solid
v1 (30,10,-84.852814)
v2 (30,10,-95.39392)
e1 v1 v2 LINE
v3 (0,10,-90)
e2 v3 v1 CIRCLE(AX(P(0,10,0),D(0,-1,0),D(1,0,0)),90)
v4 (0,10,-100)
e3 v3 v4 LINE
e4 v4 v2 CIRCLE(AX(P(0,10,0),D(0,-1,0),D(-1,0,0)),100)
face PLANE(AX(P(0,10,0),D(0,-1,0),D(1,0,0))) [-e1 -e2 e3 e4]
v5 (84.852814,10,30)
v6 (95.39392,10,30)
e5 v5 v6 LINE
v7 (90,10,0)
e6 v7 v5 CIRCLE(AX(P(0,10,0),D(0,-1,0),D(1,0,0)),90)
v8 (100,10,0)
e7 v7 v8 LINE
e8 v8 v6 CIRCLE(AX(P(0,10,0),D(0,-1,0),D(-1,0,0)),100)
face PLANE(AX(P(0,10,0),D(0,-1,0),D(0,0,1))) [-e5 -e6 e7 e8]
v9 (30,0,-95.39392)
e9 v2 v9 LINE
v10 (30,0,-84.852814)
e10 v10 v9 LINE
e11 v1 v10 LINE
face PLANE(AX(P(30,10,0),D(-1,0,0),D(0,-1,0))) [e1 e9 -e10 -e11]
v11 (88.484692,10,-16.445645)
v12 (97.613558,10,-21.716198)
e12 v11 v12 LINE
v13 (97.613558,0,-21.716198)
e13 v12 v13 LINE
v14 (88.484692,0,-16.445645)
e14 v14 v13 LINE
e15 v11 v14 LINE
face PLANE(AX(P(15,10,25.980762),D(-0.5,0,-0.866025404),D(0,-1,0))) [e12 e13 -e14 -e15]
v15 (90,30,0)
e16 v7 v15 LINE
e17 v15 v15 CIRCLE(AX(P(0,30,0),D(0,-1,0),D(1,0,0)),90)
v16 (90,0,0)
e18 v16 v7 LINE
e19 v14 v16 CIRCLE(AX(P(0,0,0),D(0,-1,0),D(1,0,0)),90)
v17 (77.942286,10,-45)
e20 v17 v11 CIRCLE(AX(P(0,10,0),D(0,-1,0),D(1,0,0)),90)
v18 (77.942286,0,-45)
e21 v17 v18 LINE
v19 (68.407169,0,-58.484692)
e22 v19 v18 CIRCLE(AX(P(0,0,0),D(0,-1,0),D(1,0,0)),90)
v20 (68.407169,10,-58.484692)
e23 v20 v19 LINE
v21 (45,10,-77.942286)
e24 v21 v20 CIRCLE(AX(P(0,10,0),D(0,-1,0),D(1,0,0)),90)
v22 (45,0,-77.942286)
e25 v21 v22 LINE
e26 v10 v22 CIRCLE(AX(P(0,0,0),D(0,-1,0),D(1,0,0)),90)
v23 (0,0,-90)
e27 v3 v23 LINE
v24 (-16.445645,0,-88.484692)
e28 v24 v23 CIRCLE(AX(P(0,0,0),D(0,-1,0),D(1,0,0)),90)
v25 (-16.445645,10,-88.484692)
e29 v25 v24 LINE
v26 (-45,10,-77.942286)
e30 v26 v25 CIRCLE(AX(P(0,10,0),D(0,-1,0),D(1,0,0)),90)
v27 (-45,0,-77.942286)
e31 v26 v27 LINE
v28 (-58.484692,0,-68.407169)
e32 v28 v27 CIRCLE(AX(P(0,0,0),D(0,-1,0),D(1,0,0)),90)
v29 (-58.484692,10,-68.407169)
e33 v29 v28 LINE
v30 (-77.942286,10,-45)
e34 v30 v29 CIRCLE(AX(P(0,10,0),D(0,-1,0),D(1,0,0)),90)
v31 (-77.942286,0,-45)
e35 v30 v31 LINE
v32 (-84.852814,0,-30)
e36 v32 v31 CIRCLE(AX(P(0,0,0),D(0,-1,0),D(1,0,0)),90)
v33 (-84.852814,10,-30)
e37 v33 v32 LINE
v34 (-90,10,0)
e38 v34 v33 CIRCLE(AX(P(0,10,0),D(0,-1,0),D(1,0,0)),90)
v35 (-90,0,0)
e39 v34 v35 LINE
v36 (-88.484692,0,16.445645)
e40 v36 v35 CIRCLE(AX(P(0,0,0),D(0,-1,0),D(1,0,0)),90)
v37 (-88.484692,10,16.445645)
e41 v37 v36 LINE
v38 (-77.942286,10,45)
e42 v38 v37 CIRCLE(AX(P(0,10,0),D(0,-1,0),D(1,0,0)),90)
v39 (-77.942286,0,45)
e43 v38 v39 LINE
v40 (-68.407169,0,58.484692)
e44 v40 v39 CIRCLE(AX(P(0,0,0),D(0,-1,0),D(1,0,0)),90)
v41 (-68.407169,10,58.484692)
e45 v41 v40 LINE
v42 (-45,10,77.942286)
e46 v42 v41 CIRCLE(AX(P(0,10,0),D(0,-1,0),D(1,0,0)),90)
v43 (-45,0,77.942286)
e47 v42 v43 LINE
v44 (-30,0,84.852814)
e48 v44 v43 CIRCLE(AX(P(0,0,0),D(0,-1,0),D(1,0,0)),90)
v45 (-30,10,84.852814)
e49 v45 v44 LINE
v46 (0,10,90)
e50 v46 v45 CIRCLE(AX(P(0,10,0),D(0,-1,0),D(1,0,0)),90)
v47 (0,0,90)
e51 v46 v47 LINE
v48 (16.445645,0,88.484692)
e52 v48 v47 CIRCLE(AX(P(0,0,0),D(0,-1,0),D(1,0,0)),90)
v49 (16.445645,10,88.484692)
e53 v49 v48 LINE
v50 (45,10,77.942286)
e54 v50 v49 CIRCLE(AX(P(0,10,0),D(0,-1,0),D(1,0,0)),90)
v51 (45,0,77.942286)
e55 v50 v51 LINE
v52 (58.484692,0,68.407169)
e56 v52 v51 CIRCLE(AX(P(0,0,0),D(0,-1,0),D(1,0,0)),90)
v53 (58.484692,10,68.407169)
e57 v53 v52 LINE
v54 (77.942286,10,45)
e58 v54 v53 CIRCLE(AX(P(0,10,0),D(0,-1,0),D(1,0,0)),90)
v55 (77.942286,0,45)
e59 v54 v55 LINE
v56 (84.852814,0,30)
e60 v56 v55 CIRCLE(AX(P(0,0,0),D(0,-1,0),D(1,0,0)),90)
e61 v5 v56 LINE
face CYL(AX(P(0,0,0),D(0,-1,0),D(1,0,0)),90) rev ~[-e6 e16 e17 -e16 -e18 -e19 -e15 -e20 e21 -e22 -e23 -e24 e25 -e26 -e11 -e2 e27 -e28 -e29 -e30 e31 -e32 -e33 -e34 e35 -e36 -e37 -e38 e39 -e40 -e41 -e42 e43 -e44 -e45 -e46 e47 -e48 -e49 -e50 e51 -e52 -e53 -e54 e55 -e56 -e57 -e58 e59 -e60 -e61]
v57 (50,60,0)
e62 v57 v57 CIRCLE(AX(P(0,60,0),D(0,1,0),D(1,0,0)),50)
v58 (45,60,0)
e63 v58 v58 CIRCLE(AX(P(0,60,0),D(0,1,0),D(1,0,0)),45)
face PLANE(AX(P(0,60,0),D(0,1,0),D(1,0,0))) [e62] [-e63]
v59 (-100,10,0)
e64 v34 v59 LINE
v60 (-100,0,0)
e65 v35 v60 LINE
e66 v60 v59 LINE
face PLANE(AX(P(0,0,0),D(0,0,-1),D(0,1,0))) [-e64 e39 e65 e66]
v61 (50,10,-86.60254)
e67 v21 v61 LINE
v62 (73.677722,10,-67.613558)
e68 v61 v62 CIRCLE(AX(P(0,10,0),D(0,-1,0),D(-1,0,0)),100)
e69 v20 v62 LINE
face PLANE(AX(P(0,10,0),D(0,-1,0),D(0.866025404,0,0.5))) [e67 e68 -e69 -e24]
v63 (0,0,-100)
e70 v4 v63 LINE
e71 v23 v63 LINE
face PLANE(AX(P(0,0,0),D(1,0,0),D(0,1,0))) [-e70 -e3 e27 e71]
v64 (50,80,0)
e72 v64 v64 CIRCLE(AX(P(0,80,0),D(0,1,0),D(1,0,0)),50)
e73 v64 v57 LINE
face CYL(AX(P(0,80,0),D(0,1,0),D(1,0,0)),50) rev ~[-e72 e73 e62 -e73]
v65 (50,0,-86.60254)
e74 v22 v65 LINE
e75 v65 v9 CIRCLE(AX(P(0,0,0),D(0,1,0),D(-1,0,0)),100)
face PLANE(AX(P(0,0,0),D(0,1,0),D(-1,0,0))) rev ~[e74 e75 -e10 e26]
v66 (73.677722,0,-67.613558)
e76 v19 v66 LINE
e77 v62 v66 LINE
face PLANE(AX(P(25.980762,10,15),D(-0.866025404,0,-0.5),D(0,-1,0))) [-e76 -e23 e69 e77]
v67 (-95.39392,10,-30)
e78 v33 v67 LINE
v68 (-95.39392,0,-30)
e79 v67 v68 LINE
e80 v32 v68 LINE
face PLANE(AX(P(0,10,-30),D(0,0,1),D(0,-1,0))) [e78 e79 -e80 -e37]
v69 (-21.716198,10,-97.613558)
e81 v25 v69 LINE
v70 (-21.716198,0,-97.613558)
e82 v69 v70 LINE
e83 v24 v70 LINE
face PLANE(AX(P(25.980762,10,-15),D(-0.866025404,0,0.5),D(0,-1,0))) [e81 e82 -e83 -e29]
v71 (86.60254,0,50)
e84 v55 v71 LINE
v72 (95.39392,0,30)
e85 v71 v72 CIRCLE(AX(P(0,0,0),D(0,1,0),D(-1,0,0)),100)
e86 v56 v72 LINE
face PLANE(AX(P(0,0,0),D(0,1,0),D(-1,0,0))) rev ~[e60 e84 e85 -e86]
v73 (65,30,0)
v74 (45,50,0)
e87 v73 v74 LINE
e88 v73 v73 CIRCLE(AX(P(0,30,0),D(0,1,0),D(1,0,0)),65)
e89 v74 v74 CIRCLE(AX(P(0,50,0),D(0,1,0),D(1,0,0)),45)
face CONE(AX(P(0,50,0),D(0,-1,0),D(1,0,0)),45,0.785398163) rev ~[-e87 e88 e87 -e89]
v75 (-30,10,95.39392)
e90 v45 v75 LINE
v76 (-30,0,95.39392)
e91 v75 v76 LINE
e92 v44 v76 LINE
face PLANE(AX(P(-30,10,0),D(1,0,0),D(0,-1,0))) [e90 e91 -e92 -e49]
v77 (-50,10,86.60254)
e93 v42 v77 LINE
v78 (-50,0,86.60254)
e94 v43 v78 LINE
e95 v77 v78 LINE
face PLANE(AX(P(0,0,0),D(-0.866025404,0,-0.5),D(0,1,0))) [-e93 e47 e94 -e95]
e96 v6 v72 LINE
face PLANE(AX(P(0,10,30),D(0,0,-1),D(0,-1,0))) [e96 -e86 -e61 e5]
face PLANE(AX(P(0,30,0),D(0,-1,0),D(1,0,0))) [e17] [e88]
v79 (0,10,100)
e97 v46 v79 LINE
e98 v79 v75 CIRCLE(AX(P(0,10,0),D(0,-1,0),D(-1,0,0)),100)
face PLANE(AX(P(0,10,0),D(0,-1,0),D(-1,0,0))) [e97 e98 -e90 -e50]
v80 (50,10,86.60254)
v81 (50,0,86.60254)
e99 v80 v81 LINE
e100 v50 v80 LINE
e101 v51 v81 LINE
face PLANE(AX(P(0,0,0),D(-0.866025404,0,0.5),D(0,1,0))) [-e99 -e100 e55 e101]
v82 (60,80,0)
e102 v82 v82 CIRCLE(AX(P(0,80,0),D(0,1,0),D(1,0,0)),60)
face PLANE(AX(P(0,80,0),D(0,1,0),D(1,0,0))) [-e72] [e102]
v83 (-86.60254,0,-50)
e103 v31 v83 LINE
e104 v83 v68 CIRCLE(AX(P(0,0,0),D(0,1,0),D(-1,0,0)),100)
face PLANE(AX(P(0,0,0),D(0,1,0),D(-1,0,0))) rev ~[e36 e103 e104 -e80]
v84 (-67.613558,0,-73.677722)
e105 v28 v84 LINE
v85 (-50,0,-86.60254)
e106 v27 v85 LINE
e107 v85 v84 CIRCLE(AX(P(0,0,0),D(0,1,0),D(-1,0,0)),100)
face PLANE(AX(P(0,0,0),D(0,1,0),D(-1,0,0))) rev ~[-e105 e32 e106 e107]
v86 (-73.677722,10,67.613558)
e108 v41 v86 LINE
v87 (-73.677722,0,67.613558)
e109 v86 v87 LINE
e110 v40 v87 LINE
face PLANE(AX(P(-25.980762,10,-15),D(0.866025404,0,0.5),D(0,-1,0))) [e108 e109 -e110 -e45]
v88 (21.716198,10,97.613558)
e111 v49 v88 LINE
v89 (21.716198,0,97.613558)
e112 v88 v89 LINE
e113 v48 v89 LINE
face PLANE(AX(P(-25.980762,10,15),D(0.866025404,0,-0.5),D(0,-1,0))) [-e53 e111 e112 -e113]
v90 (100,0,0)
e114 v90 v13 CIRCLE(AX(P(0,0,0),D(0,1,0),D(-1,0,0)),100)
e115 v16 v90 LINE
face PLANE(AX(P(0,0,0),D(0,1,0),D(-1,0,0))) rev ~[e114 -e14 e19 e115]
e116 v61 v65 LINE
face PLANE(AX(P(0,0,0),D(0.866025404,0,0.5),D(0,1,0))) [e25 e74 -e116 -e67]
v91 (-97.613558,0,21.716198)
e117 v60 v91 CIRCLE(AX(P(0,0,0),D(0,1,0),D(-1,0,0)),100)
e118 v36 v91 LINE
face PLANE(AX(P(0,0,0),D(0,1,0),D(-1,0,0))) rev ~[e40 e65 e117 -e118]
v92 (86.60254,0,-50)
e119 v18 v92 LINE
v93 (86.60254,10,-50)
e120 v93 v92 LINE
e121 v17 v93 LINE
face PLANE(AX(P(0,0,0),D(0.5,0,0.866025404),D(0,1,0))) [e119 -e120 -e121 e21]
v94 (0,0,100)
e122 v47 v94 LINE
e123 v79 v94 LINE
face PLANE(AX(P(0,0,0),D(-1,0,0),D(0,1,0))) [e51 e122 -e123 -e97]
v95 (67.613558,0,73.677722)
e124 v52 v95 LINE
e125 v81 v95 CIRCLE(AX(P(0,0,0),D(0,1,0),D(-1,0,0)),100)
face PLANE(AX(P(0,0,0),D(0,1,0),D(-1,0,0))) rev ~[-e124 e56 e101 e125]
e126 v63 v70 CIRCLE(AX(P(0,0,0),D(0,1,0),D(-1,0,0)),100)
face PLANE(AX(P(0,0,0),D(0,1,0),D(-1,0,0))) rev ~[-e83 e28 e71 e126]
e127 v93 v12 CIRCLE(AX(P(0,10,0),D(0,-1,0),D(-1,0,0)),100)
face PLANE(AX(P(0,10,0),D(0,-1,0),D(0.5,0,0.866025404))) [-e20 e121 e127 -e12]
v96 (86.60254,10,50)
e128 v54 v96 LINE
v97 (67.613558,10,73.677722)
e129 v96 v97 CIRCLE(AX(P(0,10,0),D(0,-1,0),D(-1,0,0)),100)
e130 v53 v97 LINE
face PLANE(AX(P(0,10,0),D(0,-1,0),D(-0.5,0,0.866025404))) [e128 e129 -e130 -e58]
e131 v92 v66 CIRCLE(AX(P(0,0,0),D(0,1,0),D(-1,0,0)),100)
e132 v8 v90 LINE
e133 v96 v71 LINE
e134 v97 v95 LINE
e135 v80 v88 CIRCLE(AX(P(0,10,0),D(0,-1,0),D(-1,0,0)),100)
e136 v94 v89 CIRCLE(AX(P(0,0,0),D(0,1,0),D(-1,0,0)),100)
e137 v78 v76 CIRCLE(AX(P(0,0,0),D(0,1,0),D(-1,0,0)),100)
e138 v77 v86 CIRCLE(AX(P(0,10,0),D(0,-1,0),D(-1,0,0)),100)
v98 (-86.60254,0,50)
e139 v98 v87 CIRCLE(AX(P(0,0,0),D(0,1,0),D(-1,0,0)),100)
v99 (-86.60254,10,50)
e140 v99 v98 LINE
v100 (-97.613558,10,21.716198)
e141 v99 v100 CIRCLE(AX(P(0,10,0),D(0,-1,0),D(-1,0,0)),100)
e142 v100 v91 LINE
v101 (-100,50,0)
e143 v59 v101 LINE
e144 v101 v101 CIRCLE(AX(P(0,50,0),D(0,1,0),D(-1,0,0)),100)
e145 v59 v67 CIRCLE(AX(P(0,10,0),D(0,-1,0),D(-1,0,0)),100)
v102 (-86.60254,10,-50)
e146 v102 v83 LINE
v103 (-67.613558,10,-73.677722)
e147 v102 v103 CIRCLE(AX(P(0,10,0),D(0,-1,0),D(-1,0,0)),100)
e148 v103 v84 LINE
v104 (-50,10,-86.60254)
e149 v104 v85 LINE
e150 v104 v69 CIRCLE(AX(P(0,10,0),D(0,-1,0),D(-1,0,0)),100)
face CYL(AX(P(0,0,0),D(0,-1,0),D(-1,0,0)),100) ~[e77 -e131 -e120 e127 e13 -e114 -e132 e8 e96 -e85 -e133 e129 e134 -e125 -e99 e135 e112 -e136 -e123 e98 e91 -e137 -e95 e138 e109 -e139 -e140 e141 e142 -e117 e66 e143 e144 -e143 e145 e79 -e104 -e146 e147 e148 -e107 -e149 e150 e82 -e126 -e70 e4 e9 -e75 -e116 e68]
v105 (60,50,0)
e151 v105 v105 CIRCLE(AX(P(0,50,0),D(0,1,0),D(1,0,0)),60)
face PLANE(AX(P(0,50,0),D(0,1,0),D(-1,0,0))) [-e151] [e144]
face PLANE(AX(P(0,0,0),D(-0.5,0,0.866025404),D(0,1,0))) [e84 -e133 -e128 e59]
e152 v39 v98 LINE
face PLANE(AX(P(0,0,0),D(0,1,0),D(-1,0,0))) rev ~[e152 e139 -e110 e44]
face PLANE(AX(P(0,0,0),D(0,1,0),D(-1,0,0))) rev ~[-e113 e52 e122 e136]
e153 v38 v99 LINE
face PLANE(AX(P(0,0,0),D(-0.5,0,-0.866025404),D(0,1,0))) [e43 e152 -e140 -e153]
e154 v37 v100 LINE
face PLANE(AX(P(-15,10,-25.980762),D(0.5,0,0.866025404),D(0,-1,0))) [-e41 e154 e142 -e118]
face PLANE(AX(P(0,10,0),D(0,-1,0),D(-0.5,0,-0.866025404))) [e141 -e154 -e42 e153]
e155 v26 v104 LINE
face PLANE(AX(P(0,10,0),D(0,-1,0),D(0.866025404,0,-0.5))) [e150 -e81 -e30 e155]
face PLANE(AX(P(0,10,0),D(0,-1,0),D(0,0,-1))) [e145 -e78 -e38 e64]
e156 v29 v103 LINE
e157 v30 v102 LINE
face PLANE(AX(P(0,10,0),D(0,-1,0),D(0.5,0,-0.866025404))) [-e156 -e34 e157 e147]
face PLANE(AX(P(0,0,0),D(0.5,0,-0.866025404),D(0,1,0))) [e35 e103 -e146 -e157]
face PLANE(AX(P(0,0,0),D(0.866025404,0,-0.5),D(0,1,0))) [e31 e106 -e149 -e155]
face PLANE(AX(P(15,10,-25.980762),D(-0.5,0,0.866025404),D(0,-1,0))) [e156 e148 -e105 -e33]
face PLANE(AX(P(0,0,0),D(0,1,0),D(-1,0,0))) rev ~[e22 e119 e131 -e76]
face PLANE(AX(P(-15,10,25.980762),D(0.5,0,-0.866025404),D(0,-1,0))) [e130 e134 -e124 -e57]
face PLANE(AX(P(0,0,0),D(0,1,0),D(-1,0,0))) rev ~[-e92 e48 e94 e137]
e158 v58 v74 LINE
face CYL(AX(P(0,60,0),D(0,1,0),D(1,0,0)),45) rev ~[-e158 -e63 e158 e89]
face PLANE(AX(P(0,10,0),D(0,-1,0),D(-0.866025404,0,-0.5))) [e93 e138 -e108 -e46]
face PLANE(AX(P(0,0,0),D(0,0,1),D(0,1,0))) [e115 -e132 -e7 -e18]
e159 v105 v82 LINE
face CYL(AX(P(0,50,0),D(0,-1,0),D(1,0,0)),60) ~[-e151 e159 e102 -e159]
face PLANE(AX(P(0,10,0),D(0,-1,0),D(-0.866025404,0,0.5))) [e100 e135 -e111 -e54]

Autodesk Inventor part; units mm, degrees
ref_plane "YZ Plane" through (0, 0, 0) normal (1, 0, 0) x (0, 1, 0)
ref_plane "XZ Plane" through (0, 0, 0) normal (0, 1, 0) x (-1, 0, 0)
ref_plane "XY Plane" through (0, 0, 0) normal (0, 0, 1) x (1, 0, 0)
sketch "Sketch1" plane through (0, 0, 0) normal (0, 1, 0) x (-1, 0, 0)
  circle A0 centre (0, 0) radius 100
  dimension "d0" = 200
extrude "Extrusion1" add sketch "Sketch1" along normal blind 50
sketch "Sketch2" plane through (0, 0, 0) normal (0, -1, 0) x (1, 0, 0)
  circle A0 centre (0, 0) radius 90
  dimension "d3" = 180
extrude "Extrusion2" cut sketch "Sketch2" against normal blind 30
sketch "Sketch3" plane through (0, 0, 0) normal (1, 0, 0) x (0, 1, 0)
  line L0 (0, 0) -> (10, 0)
  line L1 (10, 0) -> (10, -30)
  line L2 (10, -30) -> (0, -30)
  line L3 (0, -30) -> (0, 0)
  dimension "d6" = 10
  dimension "d7" = 30
extrude "Extrusion3" cut sketch "Sketch3" against normal blind 400
pattern_circular "Circular Pattern1" count 12 over 360 about axis through (0, -10, 0) along (0, 1, 0) of "Extrusion3"
sketch "Sketch4" plane through (0, 50, 0) normal (0, 1, 0) x (1, 0, 0)
  circle A0 centre (0, 0) radius 60
  dimension "d13" = 120
extrude "Extrusion4" add sketch "Sketch4" along normal blind 30
sketch "Sketch5" plane through (0, 80, 0) normal (0, 1, 0) x (1, 0, 0)
  circle A0 centre (0, 0) radius 50
  dimension "d16" = 100
extrude "Extrusion5" cut sketch "Sketch5" against normal blind 20
sketch "Sketch6" plane through (0, 60, 0) normal (0, 1, 0) x (1, 0, 0)
  circle A0 centre (0, 0) radius 45
  dimension "d19" = 90
extrude "Extrusion6" cut sketch "Sketch6" against normal blind 50
chamfer "Chamfer1" distance 20 angle 45 1 edges at (-45, 30, 0)
properties part number "Slo"
